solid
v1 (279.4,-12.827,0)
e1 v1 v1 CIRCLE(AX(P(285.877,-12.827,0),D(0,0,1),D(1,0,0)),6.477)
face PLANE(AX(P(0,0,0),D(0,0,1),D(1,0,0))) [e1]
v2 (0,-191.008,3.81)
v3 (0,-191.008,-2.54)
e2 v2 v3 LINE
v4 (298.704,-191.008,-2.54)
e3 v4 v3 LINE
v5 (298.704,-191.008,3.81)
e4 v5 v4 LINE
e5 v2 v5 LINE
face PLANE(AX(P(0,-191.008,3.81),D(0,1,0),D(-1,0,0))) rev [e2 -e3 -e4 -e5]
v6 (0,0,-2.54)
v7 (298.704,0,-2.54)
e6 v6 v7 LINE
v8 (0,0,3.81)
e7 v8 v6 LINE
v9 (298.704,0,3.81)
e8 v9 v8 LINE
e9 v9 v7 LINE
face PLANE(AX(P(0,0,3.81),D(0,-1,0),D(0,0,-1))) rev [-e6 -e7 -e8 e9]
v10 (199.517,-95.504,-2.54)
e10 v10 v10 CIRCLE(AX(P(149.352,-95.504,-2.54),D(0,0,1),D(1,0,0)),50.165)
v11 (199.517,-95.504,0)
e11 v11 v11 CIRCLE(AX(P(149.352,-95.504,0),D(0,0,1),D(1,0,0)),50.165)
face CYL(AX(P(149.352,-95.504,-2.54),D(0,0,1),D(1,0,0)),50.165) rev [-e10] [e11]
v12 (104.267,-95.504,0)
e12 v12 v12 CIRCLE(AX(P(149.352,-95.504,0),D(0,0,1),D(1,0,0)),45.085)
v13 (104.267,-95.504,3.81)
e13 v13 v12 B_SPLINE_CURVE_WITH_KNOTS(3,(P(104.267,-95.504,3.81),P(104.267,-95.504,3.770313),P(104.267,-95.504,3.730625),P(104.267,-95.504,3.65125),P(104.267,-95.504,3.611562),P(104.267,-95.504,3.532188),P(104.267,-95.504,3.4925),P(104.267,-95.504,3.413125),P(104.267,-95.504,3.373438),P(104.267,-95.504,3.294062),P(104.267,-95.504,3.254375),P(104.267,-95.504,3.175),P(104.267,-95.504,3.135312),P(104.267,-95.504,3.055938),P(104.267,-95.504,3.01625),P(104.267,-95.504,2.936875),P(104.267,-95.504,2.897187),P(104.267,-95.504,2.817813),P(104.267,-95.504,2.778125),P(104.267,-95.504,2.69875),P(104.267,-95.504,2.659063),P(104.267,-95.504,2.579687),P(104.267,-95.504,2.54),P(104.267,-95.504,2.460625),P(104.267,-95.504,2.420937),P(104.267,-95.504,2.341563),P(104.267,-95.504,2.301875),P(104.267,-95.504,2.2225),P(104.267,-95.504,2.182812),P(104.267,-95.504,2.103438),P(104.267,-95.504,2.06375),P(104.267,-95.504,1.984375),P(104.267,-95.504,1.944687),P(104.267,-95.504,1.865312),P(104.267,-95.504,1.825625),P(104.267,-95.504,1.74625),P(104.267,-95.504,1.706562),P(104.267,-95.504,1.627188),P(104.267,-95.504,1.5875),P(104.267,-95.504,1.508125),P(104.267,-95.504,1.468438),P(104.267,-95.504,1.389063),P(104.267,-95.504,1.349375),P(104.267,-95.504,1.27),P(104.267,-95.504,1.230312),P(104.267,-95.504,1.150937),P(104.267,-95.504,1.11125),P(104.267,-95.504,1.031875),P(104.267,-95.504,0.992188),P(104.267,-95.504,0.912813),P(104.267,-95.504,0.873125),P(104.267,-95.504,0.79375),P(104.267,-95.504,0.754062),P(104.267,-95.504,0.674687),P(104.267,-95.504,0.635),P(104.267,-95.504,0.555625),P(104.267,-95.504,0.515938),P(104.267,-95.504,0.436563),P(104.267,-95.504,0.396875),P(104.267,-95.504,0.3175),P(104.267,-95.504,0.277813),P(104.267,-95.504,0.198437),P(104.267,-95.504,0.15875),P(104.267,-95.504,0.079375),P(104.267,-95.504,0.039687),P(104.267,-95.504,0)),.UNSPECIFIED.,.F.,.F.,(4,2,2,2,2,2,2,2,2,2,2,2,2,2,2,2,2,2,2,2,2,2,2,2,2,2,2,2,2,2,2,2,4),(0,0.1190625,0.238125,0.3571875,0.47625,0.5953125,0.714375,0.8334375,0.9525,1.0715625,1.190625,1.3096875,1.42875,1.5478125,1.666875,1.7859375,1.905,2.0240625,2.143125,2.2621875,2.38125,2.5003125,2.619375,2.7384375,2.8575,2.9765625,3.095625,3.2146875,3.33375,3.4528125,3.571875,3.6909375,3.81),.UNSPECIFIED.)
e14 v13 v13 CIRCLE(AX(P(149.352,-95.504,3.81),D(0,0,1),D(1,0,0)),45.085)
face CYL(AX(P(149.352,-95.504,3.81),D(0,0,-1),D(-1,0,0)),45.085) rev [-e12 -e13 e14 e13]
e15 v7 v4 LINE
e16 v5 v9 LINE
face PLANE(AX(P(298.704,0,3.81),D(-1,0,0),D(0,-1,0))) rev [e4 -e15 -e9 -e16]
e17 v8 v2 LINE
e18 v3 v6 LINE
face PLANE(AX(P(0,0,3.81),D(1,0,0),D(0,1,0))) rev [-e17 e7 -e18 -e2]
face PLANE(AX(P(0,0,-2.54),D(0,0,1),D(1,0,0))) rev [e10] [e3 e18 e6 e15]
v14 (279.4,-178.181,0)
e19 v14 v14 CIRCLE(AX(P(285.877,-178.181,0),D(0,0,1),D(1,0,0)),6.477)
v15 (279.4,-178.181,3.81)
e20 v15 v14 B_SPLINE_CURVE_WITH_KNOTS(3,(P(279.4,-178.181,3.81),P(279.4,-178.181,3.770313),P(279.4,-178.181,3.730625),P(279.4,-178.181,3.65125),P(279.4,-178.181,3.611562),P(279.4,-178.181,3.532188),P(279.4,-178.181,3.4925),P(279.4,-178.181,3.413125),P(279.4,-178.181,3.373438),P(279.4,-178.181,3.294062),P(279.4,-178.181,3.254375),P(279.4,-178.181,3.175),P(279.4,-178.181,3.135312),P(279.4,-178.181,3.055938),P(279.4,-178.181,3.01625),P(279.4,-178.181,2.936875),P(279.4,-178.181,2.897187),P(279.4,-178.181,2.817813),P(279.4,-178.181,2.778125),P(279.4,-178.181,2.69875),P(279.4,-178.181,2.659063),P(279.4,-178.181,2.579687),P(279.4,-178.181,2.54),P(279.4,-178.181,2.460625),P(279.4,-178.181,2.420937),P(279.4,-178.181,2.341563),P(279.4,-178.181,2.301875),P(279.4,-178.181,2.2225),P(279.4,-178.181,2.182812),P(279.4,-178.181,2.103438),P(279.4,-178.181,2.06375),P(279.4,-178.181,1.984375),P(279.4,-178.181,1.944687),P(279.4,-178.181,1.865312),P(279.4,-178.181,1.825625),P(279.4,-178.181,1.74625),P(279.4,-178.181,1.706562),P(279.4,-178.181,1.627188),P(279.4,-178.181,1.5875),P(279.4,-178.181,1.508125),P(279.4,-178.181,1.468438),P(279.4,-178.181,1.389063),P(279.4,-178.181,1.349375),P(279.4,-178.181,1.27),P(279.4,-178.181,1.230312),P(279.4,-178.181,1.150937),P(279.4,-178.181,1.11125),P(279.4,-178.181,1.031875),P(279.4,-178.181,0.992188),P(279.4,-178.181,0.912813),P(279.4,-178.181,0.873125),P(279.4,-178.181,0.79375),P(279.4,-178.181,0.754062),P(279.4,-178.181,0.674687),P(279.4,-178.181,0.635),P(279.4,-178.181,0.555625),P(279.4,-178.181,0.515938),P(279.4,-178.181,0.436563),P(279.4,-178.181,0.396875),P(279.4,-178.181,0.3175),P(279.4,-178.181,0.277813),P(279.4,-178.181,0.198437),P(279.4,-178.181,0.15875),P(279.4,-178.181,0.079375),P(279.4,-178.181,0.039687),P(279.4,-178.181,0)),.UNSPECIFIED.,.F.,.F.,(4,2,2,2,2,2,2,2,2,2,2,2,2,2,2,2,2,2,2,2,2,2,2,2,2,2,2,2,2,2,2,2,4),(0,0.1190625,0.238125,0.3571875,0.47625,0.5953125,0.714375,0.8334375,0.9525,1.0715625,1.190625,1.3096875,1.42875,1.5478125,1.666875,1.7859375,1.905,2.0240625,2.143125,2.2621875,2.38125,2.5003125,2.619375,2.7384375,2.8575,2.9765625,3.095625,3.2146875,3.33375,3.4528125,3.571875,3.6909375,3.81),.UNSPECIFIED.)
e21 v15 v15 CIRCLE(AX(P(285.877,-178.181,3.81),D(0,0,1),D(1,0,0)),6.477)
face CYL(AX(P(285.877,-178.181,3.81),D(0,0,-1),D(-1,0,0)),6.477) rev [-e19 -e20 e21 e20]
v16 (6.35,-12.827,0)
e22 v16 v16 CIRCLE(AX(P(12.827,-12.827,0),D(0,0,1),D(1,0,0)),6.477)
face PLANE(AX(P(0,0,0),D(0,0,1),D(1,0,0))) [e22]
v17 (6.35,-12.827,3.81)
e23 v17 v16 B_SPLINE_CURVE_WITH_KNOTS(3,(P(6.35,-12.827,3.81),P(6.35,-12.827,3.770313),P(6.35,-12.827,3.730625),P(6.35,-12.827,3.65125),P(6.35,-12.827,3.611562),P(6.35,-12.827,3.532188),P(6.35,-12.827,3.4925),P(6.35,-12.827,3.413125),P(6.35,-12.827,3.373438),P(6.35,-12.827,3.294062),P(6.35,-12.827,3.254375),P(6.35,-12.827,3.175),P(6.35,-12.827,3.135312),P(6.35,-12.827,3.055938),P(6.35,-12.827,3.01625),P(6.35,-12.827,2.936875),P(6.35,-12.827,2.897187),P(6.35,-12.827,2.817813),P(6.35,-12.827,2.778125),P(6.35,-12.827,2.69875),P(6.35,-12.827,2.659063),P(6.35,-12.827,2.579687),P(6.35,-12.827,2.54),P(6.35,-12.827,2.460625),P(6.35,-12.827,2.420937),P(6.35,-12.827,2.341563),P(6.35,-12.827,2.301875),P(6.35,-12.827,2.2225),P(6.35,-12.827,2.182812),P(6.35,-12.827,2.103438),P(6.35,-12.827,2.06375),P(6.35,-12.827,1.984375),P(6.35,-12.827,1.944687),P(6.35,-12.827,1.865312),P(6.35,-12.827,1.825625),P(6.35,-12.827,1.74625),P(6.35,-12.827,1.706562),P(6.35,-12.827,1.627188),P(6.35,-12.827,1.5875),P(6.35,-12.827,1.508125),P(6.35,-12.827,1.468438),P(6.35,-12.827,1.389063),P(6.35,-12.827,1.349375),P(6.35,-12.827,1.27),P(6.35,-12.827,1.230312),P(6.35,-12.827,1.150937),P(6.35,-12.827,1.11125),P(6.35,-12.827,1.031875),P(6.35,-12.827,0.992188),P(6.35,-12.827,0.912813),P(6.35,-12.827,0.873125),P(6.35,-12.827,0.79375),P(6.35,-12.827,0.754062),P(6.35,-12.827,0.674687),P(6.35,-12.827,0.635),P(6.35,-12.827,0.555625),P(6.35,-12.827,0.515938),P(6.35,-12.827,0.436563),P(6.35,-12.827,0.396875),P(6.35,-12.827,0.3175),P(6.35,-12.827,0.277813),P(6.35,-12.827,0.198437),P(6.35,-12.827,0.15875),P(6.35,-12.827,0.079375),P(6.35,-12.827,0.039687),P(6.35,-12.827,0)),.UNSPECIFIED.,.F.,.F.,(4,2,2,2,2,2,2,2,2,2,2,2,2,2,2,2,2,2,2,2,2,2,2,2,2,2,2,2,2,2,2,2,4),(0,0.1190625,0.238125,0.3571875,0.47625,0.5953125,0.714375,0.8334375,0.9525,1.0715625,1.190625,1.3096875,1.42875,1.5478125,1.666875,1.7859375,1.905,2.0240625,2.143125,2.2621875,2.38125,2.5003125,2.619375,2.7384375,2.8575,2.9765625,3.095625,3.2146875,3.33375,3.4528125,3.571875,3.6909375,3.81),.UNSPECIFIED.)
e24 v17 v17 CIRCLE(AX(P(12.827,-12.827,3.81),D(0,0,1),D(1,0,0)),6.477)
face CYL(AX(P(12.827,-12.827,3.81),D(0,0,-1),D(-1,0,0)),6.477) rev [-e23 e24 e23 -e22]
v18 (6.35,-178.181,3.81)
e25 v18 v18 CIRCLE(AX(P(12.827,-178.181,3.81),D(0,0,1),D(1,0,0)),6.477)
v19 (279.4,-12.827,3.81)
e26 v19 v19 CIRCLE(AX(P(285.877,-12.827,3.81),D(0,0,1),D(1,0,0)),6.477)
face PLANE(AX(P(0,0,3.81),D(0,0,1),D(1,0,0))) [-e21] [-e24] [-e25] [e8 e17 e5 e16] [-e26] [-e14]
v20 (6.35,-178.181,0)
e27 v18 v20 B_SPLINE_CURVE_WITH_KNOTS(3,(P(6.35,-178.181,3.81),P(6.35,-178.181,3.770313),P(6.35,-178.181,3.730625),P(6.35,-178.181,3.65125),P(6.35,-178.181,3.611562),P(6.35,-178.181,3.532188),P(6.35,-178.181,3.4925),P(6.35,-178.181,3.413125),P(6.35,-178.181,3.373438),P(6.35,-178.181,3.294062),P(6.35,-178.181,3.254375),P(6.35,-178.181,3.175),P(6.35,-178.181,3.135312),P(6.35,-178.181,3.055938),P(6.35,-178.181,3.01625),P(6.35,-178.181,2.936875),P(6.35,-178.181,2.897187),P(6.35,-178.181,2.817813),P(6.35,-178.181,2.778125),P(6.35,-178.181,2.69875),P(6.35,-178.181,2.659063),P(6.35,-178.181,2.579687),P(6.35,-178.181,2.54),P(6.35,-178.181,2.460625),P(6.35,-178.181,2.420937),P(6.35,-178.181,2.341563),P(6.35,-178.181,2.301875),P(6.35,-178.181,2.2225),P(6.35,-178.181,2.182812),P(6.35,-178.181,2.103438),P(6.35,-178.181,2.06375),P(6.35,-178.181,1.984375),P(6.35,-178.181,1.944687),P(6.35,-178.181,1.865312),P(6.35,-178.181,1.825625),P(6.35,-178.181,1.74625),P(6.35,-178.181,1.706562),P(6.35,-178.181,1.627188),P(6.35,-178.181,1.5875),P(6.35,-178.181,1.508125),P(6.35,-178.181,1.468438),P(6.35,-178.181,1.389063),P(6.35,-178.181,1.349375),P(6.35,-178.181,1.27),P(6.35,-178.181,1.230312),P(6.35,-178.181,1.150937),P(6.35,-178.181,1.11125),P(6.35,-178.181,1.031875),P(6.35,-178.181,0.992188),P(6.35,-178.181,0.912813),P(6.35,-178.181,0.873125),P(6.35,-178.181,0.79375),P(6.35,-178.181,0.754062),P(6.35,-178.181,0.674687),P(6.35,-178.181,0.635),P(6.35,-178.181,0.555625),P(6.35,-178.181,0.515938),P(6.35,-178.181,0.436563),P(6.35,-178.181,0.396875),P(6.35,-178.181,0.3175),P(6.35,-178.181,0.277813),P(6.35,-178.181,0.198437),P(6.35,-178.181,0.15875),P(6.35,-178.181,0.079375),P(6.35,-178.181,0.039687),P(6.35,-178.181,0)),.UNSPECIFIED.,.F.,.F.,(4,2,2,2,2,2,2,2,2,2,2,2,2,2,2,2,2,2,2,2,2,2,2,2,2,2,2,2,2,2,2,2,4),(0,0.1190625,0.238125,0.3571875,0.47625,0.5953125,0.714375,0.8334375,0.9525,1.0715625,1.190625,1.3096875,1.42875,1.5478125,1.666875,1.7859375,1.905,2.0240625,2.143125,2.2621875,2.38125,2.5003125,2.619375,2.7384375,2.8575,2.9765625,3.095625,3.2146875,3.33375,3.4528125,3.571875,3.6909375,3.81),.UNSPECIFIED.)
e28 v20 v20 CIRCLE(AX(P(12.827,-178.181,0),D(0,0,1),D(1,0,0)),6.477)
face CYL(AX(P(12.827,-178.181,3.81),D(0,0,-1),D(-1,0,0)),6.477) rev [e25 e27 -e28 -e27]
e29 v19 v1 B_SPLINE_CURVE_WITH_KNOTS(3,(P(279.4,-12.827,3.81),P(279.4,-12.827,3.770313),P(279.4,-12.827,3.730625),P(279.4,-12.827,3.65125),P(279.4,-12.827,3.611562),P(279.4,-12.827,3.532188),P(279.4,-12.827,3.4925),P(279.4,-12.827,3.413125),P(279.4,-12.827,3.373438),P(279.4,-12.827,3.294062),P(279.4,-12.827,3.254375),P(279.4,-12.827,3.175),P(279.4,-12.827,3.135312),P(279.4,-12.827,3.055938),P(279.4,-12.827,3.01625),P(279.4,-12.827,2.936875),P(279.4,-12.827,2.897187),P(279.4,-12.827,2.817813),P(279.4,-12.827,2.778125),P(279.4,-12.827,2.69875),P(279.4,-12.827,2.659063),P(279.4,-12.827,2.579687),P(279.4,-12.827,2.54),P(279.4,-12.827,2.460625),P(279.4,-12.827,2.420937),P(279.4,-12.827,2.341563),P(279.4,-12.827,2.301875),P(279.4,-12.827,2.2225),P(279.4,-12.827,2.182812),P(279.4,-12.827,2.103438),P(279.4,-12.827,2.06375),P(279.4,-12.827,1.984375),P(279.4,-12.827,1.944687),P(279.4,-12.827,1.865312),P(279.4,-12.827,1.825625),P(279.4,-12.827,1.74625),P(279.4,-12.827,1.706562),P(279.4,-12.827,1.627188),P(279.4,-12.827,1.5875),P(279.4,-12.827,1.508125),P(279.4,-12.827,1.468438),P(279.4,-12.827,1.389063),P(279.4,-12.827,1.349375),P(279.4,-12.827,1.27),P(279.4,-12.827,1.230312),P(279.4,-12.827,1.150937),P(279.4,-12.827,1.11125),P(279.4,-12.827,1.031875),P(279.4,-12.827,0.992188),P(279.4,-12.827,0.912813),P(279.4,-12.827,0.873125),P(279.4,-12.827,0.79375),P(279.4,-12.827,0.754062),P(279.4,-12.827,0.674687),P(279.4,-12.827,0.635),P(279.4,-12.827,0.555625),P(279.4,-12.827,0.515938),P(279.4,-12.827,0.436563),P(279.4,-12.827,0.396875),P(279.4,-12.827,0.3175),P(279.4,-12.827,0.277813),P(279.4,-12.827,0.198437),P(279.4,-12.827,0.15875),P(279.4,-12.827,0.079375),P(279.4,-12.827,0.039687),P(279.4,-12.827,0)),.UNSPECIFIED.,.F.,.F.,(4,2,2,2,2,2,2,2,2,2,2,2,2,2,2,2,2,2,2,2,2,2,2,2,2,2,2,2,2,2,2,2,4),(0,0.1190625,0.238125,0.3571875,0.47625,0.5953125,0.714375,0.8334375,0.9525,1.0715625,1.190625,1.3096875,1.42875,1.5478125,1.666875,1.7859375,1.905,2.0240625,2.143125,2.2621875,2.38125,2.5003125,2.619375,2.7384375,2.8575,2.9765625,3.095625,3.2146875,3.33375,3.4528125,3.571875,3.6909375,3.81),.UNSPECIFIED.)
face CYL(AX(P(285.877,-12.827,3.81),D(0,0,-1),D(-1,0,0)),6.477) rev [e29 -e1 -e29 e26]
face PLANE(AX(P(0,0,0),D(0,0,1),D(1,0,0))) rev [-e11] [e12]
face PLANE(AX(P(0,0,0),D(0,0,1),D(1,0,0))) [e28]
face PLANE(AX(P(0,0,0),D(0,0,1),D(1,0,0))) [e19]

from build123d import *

# Parameters (mm, degrees)
SKETCH1_W           = 298.704
SKETCH1_H           = 191.008
SKETCH1_R           = 6.477
SKETCH1_R_2         = 45.085
BOSS_EXTRUDE1_DEPTH = 3.81
SKETCH3_W           = 298.704
SKETCH3_H           = 191.008
SKETCH3_R           = 47.625
BOSS_EXTRUDE2_DEPTH = 2.54
CUT_EXTRUDE1_START  = -3.81
SKETCH4_R           = 50.165
CUT_EXTRUDE1_DEPTH  = 2.54


with BuildPart() as part:
    # Sketch1 → Boss-Extrude1 (new body)
    with BuildSketch(Plane.XY):
        with Locations((149.352, -95.504)):
            Rectangle(SKETCH1_W, SKETCH1_H)
        with Locations(Location((12.827, -12.827, 0), (0, 0, 180))):
            Circle(SKETCH1_R, mode=Mode.SUBTRACT)
        with Locations(Location((285.877, -12.827, 0), (0, 0, 180))):
            Circle(SKETCH1_R, mode=Mode.SUBTRACT)
        with Locations(Location((285.877, -178.181, 0), (0, 0, 180))):
            Circle(SKETCH1_R, mode=Mode.SUBTRACT)
        with Locations(Location((12.827, -178.181, 0), (0, 0, 180))):
            Circle(SKETCH1_R, mode=Mode.SUBTRACT)
        with Locations(Location((149.352, -95.504, 0), (0, 0, 180))):
            Circle(SKETCH1_R_2, mode=Mode.SUBTRACT)
    extrude(amount=BOSS_EXTRUDE1_DEPTH)

    # Sketch3 → Boss-Extrude2 (add)
    with BuildSketch(Plane(origin=(0, 0, 0), x_dir=(-1, 0, 0), z_dir=(0, 0, -1))):
        with Locations((-149.352, -95.504)):
            Rectangle(SKETCH3_W, SKETCH3_H)
        with Locations((-149.352, -95.504)):
            Circle(SKETCH3_R, mode=Mode.SUBTRACT)
    extrude(amount=BOSS_EXTRUDE2_DEPTH)

    # Sketch4 → Cut-Extrude1 (cut)
    with BuildSketch(Plane.XY.offset(3.81).offset(CUT_EXTRUDE1_START)):
        with Locations((149.352, -95.504)):
            Circle(SKETCH4_R)
    extrude(amount=-CUT_EXTRUDE1_DEPTH, mode=Mode.SUBTRACT)


solid = part.part
